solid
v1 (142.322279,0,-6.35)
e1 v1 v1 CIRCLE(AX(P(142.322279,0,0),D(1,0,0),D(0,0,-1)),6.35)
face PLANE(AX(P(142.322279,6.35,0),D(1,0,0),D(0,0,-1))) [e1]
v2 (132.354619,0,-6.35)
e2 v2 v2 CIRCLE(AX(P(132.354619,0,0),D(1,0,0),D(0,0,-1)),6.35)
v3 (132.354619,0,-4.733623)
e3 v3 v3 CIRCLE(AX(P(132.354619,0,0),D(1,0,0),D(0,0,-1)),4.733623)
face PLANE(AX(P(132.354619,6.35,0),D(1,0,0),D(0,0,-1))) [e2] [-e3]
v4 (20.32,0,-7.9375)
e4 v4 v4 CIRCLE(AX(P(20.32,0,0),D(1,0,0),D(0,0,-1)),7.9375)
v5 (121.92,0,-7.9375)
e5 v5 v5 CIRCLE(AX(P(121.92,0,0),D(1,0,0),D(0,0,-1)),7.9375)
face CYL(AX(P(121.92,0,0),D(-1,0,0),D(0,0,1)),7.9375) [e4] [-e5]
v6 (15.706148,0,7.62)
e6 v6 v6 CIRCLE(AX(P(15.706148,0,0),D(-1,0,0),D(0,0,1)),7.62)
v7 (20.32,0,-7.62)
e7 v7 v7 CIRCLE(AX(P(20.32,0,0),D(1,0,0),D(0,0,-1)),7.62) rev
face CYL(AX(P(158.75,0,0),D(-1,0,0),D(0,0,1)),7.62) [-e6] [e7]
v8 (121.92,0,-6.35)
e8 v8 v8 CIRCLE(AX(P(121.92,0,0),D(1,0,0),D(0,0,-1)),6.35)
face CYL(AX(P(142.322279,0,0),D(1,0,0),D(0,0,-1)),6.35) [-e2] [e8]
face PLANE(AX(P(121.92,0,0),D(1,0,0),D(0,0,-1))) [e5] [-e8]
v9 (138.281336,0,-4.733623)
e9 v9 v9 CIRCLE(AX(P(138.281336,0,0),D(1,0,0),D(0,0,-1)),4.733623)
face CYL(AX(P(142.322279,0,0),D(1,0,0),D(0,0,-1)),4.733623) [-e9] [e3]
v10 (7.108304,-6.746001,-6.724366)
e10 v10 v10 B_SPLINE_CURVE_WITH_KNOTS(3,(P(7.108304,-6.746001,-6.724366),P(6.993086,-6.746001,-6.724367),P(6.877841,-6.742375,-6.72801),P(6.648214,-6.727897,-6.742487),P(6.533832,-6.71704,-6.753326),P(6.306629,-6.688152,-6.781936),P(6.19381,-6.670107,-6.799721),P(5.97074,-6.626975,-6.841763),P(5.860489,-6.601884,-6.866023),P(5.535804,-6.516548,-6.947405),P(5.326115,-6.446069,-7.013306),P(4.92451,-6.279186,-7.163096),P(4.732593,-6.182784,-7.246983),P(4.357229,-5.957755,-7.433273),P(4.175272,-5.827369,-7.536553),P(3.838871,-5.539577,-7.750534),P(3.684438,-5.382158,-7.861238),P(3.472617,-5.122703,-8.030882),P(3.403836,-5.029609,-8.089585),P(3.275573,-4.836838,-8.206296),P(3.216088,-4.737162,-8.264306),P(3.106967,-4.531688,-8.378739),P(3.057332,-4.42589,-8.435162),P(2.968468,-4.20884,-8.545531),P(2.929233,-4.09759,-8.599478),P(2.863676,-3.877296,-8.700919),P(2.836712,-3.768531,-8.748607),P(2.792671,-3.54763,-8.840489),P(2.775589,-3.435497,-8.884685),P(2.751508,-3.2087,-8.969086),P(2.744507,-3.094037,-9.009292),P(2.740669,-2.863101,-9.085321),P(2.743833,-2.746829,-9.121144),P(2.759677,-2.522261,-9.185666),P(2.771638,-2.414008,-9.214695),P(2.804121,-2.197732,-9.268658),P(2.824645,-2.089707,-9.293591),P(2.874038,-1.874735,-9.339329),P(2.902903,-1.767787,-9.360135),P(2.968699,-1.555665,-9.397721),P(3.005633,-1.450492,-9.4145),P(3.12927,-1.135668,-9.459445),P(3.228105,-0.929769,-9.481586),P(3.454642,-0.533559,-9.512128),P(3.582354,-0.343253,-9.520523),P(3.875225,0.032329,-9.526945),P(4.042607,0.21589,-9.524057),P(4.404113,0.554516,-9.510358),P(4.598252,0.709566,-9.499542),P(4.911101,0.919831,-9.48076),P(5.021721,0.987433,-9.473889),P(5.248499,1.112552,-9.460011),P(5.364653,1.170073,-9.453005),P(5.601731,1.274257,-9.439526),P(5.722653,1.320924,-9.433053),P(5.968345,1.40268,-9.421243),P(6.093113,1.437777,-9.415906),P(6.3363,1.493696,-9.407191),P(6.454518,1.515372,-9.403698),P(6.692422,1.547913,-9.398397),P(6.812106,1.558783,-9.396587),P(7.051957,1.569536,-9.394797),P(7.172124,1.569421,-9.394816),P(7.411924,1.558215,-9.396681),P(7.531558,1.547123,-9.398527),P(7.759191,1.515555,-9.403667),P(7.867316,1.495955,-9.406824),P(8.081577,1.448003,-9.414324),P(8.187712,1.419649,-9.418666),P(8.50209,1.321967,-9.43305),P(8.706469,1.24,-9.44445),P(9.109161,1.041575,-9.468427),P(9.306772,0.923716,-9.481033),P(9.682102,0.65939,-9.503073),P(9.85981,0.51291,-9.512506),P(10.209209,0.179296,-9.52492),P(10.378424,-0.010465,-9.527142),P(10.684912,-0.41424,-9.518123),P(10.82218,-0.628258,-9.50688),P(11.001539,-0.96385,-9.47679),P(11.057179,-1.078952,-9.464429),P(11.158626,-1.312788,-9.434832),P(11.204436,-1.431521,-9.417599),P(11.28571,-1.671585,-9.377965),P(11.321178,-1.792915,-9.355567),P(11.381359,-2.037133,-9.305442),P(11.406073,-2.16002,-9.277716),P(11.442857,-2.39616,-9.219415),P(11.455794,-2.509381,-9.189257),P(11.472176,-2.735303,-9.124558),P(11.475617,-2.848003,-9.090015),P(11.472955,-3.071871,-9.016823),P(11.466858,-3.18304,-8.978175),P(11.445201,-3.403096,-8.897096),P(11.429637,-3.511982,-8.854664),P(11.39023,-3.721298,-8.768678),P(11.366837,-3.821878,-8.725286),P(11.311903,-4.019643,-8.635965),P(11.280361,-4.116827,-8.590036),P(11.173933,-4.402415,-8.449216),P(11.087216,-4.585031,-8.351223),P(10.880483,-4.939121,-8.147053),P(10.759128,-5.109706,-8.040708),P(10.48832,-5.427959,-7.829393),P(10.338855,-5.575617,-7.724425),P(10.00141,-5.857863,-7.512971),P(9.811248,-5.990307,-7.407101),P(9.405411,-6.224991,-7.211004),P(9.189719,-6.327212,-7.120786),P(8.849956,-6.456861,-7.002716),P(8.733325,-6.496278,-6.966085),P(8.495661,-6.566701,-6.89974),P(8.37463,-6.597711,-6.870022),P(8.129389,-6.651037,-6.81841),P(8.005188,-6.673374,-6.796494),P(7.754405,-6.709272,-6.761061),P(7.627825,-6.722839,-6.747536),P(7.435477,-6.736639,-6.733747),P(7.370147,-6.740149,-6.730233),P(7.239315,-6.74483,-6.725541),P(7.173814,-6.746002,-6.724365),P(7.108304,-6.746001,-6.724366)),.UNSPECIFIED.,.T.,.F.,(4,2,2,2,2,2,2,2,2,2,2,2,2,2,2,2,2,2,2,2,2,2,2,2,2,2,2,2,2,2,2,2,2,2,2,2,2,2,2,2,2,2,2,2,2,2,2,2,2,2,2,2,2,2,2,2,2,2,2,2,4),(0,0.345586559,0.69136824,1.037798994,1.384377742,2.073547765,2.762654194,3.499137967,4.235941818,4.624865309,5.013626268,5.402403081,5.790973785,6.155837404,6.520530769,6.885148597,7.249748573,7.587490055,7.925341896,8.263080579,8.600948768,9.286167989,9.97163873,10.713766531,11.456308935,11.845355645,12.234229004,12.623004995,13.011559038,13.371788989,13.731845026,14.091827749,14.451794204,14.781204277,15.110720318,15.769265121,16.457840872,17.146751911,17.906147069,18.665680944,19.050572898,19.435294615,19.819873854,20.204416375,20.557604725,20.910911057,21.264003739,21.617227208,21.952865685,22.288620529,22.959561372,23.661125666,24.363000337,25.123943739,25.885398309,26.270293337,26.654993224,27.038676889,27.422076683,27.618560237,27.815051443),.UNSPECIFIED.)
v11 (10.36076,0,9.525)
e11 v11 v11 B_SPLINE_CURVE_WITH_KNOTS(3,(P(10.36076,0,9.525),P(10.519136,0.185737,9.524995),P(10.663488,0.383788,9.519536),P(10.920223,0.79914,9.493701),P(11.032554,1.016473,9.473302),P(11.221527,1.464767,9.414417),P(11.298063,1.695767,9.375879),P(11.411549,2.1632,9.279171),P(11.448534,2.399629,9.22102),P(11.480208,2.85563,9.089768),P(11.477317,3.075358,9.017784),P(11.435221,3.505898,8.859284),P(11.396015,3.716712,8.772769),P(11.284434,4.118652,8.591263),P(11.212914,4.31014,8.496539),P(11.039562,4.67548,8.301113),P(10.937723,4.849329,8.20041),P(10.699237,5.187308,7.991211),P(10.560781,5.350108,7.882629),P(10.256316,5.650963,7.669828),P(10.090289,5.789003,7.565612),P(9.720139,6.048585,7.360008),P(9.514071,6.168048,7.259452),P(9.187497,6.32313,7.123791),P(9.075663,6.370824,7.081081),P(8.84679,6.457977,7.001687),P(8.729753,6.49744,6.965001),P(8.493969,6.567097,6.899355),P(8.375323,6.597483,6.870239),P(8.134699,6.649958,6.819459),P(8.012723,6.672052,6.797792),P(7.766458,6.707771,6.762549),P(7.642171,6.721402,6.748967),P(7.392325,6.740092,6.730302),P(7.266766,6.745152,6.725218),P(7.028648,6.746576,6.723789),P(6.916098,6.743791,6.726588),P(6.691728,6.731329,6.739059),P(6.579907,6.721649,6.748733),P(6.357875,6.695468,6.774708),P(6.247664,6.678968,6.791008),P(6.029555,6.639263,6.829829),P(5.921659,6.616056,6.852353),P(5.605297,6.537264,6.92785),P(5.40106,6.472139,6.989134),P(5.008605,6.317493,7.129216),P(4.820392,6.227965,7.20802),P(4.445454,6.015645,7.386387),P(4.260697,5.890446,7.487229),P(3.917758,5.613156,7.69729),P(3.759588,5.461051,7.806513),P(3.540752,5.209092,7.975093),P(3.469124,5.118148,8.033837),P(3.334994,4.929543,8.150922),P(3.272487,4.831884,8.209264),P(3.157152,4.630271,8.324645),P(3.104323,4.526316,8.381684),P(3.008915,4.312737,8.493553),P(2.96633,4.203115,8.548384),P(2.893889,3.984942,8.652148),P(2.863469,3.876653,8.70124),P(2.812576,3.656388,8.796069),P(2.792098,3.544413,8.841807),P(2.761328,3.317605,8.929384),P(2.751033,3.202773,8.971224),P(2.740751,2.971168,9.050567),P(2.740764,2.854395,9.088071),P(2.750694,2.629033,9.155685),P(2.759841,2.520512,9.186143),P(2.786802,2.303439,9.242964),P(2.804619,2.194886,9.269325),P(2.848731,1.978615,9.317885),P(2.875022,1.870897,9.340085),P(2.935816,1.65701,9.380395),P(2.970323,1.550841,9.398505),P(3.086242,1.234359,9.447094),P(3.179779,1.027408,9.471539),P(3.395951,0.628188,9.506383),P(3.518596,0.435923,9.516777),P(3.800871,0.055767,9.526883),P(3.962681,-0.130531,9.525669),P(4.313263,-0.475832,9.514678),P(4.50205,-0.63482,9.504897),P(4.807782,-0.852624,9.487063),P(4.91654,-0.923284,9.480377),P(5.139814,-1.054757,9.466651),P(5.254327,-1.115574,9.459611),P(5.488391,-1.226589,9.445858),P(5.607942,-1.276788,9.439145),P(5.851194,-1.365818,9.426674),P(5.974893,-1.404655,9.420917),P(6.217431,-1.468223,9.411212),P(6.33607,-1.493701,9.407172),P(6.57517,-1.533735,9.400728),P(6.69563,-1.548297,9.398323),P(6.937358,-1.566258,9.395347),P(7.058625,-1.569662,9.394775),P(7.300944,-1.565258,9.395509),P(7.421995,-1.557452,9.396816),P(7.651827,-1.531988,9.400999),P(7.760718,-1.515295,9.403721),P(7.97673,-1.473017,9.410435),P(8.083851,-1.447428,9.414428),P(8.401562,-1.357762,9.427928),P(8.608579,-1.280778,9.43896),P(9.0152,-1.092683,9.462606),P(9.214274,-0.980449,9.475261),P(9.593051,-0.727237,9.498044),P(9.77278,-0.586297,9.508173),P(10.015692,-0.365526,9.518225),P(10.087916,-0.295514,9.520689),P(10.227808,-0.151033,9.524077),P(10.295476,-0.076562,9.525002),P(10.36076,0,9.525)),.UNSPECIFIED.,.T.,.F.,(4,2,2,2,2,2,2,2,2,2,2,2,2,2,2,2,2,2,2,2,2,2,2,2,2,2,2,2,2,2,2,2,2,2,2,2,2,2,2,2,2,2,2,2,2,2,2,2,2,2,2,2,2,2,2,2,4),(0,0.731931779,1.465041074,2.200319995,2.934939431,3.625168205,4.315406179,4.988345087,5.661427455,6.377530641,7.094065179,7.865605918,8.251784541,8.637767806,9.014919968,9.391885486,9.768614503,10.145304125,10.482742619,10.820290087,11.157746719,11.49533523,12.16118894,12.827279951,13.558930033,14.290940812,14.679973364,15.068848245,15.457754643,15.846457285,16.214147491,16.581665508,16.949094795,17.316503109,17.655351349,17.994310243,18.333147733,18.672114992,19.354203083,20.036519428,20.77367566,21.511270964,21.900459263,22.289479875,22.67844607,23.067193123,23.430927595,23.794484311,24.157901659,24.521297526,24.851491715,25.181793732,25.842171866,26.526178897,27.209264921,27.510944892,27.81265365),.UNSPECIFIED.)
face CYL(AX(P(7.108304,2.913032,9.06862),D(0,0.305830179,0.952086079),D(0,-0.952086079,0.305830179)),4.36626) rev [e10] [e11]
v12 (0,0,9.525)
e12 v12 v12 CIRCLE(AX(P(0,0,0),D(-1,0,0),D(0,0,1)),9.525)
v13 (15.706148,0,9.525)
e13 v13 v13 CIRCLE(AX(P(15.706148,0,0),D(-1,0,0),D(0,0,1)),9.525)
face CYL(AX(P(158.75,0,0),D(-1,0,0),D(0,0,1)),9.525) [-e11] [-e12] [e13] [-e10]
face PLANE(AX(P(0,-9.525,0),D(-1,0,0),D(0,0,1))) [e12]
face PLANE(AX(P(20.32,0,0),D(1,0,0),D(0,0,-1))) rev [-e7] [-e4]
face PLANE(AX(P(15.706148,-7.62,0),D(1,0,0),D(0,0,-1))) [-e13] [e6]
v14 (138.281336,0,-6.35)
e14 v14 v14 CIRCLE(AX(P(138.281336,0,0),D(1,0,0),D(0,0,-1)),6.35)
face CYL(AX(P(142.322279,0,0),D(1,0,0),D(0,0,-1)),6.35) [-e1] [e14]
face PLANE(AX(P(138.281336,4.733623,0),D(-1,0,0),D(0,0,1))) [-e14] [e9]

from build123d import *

# Parameters (mm, degrees)
SKETCH4_R                        = 7.9375
EXTRUDE1_DEPTH                   = 101.6
F_11_32_0_34375_DIAMETER_HOLE1_D = 8.73252


with BuildPart() as part:
    # Sketch1 → Revolve1 (revolve)
    with BuildSketch(Plane.XY):
        Polygon((0, 0), (20.32, 0), (20.32, -7.62), (15.706148476, -7.62), (15.706148476, -9.525), (0, -9.525), align=None)
    revolve(axis=Axis((158.75, 0, 0), (1, 0, 0)))

    # Sketch4 → Extrude1 (add)
    with BuildSketch(Plane(origin=(20.32, 0, 0), x_dir=(0, 0, -1), z_dir=(1, 0, 0))):
        Circle(SKETCH4_R)
    extrude(amount=EXTRUDE1_DEPTH)

    # Sketch5 → Revolve2 (revolve)
    with BuildSketch(Plane.XY):
        Polygon((121.92, 6.35), (132.354619201, 6.35), (132.354619201, 4.733622738), (138.281335828, 4.733622738), (138.281335828, 6.35), (142.322278983, 6.35), (142.322278983, 0), (121.92, 0), align=None)
    revolve(axis=Axis((142.322278983, 0, 0), (-1, 0, 0)))

    # 11/32 (0.34375) Diameter Hole1 (through all)
    with Locations(Plane(origin=(7.108304199, 2.913032452, 9.068619902), x_dir=(0, 0.952086079, -0.305830179), z_dir=(0, 0.305830179, 0.952086079))):
        with Locations((0, 0)):
            Hole(F_11_32_0_34375_DIAMETER_HOLE1_D / 2)


solid = part.part
